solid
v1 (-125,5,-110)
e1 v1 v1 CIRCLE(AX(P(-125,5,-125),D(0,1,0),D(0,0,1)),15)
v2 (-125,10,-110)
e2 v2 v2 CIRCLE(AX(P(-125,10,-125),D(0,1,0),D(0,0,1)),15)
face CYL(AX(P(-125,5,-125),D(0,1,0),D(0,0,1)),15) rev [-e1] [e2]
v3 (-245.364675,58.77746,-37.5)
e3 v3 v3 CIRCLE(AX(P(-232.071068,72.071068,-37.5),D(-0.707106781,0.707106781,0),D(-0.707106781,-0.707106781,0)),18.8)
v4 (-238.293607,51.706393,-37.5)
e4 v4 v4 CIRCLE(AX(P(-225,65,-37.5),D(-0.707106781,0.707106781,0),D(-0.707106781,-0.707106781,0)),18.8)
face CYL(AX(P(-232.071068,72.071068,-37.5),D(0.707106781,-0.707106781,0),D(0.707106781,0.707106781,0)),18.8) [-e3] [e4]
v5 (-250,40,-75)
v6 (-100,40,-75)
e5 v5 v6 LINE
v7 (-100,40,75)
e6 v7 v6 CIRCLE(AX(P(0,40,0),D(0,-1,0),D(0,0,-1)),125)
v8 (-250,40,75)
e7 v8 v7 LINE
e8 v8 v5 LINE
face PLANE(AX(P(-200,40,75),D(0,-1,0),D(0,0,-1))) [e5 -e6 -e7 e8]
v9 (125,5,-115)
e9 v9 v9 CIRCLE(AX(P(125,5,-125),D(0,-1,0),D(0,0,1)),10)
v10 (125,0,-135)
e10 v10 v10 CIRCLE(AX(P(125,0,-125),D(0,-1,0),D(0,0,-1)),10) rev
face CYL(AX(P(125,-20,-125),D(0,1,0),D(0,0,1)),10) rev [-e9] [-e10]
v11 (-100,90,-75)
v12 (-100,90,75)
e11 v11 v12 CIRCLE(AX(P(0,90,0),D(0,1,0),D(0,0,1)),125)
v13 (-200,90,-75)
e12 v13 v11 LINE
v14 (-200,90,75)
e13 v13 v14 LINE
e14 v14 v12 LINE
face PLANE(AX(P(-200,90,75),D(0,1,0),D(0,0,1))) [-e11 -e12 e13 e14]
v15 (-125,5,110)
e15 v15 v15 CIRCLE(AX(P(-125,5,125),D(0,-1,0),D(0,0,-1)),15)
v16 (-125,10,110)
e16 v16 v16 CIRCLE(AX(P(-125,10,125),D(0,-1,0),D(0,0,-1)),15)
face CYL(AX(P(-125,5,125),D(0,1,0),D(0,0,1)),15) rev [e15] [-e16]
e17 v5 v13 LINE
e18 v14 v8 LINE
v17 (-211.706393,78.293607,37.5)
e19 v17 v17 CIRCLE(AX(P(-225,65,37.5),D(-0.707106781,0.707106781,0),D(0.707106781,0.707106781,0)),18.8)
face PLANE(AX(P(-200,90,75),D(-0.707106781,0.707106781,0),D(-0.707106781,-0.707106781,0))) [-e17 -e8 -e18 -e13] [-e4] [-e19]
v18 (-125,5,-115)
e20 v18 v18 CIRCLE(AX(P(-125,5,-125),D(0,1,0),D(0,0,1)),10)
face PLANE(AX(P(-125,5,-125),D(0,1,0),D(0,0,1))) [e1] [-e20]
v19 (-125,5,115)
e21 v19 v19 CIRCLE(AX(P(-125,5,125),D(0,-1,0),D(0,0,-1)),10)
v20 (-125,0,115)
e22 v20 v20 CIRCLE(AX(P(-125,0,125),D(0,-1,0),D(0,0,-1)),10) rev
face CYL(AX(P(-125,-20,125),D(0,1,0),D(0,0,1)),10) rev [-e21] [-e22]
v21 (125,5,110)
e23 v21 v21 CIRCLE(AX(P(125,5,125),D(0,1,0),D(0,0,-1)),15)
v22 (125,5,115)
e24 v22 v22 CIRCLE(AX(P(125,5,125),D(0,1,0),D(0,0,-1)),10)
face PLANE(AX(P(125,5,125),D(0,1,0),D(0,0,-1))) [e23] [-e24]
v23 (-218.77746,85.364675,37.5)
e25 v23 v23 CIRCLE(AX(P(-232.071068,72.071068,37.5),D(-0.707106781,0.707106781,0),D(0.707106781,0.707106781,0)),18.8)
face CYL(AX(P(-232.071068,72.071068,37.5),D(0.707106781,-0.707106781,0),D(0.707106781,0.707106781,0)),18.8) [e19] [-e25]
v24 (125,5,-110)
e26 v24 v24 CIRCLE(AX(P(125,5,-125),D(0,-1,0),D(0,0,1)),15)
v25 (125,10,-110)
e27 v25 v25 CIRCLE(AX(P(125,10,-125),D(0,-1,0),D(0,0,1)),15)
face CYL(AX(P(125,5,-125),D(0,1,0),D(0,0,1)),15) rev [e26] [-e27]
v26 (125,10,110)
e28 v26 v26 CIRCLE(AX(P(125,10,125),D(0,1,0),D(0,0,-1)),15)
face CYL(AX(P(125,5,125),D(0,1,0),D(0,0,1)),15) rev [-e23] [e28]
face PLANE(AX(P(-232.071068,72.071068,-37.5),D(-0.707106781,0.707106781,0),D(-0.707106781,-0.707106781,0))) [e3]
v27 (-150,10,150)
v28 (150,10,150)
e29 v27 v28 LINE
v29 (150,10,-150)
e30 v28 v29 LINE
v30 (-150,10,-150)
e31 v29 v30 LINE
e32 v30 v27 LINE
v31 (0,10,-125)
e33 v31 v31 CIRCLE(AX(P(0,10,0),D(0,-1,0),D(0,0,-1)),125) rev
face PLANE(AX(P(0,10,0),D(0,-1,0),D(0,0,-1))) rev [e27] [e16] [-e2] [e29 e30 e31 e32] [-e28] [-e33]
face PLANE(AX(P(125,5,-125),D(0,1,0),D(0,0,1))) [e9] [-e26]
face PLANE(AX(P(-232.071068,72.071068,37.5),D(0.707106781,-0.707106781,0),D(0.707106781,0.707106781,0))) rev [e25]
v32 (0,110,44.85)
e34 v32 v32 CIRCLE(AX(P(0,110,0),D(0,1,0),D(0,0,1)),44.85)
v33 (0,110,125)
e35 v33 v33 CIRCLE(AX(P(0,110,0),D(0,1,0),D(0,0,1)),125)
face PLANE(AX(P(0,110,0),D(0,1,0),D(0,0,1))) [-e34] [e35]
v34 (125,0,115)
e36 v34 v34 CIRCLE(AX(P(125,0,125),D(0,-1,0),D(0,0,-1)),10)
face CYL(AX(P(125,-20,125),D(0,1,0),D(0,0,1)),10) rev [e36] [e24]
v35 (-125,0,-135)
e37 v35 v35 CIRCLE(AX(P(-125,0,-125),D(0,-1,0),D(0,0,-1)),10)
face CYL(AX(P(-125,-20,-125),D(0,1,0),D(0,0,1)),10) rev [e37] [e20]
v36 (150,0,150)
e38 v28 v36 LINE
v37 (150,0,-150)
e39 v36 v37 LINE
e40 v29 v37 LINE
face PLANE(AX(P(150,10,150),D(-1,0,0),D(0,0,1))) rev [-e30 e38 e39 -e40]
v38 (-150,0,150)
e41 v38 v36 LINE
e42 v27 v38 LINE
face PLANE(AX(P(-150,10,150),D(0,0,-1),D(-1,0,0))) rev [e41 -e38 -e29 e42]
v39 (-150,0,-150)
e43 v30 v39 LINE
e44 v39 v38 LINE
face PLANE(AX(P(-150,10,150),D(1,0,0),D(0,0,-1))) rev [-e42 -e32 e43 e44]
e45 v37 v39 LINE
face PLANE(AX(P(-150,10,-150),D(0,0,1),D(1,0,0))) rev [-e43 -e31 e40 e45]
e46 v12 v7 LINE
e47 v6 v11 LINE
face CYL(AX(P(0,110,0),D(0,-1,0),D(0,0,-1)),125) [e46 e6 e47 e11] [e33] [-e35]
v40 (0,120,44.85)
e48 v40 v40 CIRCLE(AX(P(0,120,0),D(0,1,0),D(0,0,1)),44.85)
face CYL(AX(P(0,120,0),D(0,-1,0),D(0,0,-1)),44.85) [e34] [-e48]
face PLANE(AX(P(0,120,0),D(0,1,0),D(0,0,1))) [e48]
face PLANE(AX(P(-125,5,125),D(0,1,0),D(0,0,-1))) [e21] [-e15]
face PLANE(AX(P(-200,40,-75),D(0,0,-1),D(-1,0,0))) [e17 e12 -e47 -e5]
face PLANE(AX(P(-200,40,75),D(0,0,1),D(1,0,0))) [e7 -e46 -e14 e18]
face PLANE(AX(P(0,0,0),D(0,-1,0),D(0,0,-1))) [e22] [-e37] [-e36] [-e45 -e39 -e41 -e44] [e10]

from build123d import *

# Parameters (mm, degrees)
SKETCH_1_W               = 300
SKETCH_1_H               = 300
EXTRUDE_1_DEPTH          = 10
SKETCH_2_R               = 125
EXTRUDE_2_DEPTH          = 100
SKETCH_3_W               = 150
SKETCH_3_H               = 50
EXTRUDE_3_DEPTH          = 200
DRAFT_3_ANGLE            = 45
SKETCH_5_R               = 18.8
EXTRUDE_5_DEPTH          = 10
SKETCH_6_R               = 44.85
EXTRUDE_6_DEPTH          = 10
SKETCH_7_R               = 15
CUT_EXTRUDE_1_DEPTH      = 5
SKETCH_8_R               = 10
CUT_EXTRUDE_2_DEPTH      = 25
MIRROR_2_COPY_1_SKETCH_R = 15
MIRROR_2_COPY_1_DEPTH    = 5
MIRROR_2_COPY_2_SKETCH_R = 10
MIRROR_2_COPY_2_DEPTH    = 25


with BuildPart() as part:
    # 草图1 → 凸台-拉伸1 (new body)
    with BuildSketch(Plane(origin=(0, 0, 0), x_dir=(1, 0, 0), z_dir=(0, 1, 0))):
        Rectangle(SKETCH_1_W, SKETCH_1_H)
    extrude(amount=EXTRUDE_1_DEPTH)

    # 草图2 → 凸台-拉伸2 (add)
    with BuildSketch(Plane(origin=(0, 10, 0), x_dir=(1, 0, 0), z_dir=(0, 1, 0))):
        Circle(SKETCH_2_R)
    extrude(amount=EXTRUDE_2_DEPTH)

    # 草图3 → 凸台-拉伸3 (add)
    with BuildSketch(Plane(origin=(0, 0, 0), x_dir=(0, 0, -1), z_dir=(1, 0, 0))):
        with Locations((0, 65)):
            Rectangle(SKETCH_3_W, SKETCH_3_H)
    extrude(amount=-EXTRUDE_3_DEPTH)

    # 拔模3
    draft_3_faces = [part.faces().sort_by_distance(p)[0] for p in [
        (-200, 65, 0),
    ]]
    draft(draft_3_faces, Plane(origin=(-200, 90, 75), x_dir=(0, 0, 1), z_dir=(0, 1, 0)), DRAFT_3_ANGLE)

    # 草图5 → 凸台-拉伸5 (add)
    with BuildSketch(Plane(origin=(-145, 145, 0), x_dir=(0, 0, 1), z_dir=(-0.707106781, 0.707106781, 0))):
        with Locations((-37.5, -113.13708499)):
            Circle(SKETCH_5_R)
        with Locations((37.5, -113.13708499)):
            Circle(SKETCH_5_R)
    extrude(amount=EXTRUDE_5_DEPTH)

    # 草图6 → 凸台-拉伸6 (add)
    with BuildSketch(Plane(origin=(0, 110, 0), x_dir=(1, 0, 0), z_dir=(0, 1, 0))):
        Circle(SKETCH_6_R)
    extrude(amount=EXTRUDE_6_DEPTH)

    # 草图7 → 切除-拉伸1 (cut)
    with BuildSketch(Plane(origin=(0, 10, 0), x_dir=(1, 0, 0), z_dir=(0, 1, 0))):
        with Locations((-125, 125)):
            Circle(SKETCH_7_R)
    cut_extrude_1 = extrude(amount=-CUT_EXTRUDE_1_DEPTH, mode=Mode.SUBTRACT)

    # 草图8 → 切除-拉伸2 (cut)
    with BuildSketch(Plane(origin=(0, 5, 0), x_dir=(1, 0, 0), z_dir=(0, 1, 0))):
        with Locations((-125, 125)):
            Circle(SKETCH_8_R)
    cut_extrude_2 = extrude(amount=-CUT_EXTRUDE_2_DEPTH, mode=Mode.SUBTRACT)

    # 镜向1: 切除-拉伸1, 切除-拉伸2 across plane
    add(cut_extrude_1.mirror(Plane.XY), mode=Mode.SUBTRACT)
    add(cut_extrude_2.mirror(Plane.XY), mode=Mode.SUBTRACT)

    # 镜向2: 切除-拉伸1, 切除-拉伸2 across plane
    add(cut_extrude_1.mirror(Plane(origin=(0, 0, 0), x_dir=(0, 0, 1), z_dir=(1, 0, 0))), mode=Mode.SUBTRACT)
    add(cut_extrude_2.mirror(Plane(origin=(0, 0, 0), x_dir=(0, 0, 1), z_dir=(1, 0, 0))), mode=Mode.SUBTRACT)

    # 镜向2 copy 1 sketch → 镜向2 copy 1 (cut)
    with BuildSketch(Plane(origin=(0, 10, 0), x_dir=(-1, 0, 0), z_dir=(0, 1, 0))):
        with Locations((-125, 125)):
            Circle(MIRROR_2_COPY_1_SKETCH_R)
    extrude(amount=-MIRROR_2_COPY_1_DEPTH, mode=Mode.SUBTRACT)

    # 镜向2 copy 2 sketch → 镜向2 copy 2 (cut)
    with BuildSketch(Plane(origin=(0, 5, 0), x_dir=(-1, 0, 0), z_dir=(0, 1, 0))):
        with Locations((-125, 125)):
            Circle(MIRROR_2_COPY_2_SKETCH_R)
    extrude(amount=-MIRROR_2_COPY_2_DEPTH, mode=Mode.SUBTRACT)


solid = part.part
